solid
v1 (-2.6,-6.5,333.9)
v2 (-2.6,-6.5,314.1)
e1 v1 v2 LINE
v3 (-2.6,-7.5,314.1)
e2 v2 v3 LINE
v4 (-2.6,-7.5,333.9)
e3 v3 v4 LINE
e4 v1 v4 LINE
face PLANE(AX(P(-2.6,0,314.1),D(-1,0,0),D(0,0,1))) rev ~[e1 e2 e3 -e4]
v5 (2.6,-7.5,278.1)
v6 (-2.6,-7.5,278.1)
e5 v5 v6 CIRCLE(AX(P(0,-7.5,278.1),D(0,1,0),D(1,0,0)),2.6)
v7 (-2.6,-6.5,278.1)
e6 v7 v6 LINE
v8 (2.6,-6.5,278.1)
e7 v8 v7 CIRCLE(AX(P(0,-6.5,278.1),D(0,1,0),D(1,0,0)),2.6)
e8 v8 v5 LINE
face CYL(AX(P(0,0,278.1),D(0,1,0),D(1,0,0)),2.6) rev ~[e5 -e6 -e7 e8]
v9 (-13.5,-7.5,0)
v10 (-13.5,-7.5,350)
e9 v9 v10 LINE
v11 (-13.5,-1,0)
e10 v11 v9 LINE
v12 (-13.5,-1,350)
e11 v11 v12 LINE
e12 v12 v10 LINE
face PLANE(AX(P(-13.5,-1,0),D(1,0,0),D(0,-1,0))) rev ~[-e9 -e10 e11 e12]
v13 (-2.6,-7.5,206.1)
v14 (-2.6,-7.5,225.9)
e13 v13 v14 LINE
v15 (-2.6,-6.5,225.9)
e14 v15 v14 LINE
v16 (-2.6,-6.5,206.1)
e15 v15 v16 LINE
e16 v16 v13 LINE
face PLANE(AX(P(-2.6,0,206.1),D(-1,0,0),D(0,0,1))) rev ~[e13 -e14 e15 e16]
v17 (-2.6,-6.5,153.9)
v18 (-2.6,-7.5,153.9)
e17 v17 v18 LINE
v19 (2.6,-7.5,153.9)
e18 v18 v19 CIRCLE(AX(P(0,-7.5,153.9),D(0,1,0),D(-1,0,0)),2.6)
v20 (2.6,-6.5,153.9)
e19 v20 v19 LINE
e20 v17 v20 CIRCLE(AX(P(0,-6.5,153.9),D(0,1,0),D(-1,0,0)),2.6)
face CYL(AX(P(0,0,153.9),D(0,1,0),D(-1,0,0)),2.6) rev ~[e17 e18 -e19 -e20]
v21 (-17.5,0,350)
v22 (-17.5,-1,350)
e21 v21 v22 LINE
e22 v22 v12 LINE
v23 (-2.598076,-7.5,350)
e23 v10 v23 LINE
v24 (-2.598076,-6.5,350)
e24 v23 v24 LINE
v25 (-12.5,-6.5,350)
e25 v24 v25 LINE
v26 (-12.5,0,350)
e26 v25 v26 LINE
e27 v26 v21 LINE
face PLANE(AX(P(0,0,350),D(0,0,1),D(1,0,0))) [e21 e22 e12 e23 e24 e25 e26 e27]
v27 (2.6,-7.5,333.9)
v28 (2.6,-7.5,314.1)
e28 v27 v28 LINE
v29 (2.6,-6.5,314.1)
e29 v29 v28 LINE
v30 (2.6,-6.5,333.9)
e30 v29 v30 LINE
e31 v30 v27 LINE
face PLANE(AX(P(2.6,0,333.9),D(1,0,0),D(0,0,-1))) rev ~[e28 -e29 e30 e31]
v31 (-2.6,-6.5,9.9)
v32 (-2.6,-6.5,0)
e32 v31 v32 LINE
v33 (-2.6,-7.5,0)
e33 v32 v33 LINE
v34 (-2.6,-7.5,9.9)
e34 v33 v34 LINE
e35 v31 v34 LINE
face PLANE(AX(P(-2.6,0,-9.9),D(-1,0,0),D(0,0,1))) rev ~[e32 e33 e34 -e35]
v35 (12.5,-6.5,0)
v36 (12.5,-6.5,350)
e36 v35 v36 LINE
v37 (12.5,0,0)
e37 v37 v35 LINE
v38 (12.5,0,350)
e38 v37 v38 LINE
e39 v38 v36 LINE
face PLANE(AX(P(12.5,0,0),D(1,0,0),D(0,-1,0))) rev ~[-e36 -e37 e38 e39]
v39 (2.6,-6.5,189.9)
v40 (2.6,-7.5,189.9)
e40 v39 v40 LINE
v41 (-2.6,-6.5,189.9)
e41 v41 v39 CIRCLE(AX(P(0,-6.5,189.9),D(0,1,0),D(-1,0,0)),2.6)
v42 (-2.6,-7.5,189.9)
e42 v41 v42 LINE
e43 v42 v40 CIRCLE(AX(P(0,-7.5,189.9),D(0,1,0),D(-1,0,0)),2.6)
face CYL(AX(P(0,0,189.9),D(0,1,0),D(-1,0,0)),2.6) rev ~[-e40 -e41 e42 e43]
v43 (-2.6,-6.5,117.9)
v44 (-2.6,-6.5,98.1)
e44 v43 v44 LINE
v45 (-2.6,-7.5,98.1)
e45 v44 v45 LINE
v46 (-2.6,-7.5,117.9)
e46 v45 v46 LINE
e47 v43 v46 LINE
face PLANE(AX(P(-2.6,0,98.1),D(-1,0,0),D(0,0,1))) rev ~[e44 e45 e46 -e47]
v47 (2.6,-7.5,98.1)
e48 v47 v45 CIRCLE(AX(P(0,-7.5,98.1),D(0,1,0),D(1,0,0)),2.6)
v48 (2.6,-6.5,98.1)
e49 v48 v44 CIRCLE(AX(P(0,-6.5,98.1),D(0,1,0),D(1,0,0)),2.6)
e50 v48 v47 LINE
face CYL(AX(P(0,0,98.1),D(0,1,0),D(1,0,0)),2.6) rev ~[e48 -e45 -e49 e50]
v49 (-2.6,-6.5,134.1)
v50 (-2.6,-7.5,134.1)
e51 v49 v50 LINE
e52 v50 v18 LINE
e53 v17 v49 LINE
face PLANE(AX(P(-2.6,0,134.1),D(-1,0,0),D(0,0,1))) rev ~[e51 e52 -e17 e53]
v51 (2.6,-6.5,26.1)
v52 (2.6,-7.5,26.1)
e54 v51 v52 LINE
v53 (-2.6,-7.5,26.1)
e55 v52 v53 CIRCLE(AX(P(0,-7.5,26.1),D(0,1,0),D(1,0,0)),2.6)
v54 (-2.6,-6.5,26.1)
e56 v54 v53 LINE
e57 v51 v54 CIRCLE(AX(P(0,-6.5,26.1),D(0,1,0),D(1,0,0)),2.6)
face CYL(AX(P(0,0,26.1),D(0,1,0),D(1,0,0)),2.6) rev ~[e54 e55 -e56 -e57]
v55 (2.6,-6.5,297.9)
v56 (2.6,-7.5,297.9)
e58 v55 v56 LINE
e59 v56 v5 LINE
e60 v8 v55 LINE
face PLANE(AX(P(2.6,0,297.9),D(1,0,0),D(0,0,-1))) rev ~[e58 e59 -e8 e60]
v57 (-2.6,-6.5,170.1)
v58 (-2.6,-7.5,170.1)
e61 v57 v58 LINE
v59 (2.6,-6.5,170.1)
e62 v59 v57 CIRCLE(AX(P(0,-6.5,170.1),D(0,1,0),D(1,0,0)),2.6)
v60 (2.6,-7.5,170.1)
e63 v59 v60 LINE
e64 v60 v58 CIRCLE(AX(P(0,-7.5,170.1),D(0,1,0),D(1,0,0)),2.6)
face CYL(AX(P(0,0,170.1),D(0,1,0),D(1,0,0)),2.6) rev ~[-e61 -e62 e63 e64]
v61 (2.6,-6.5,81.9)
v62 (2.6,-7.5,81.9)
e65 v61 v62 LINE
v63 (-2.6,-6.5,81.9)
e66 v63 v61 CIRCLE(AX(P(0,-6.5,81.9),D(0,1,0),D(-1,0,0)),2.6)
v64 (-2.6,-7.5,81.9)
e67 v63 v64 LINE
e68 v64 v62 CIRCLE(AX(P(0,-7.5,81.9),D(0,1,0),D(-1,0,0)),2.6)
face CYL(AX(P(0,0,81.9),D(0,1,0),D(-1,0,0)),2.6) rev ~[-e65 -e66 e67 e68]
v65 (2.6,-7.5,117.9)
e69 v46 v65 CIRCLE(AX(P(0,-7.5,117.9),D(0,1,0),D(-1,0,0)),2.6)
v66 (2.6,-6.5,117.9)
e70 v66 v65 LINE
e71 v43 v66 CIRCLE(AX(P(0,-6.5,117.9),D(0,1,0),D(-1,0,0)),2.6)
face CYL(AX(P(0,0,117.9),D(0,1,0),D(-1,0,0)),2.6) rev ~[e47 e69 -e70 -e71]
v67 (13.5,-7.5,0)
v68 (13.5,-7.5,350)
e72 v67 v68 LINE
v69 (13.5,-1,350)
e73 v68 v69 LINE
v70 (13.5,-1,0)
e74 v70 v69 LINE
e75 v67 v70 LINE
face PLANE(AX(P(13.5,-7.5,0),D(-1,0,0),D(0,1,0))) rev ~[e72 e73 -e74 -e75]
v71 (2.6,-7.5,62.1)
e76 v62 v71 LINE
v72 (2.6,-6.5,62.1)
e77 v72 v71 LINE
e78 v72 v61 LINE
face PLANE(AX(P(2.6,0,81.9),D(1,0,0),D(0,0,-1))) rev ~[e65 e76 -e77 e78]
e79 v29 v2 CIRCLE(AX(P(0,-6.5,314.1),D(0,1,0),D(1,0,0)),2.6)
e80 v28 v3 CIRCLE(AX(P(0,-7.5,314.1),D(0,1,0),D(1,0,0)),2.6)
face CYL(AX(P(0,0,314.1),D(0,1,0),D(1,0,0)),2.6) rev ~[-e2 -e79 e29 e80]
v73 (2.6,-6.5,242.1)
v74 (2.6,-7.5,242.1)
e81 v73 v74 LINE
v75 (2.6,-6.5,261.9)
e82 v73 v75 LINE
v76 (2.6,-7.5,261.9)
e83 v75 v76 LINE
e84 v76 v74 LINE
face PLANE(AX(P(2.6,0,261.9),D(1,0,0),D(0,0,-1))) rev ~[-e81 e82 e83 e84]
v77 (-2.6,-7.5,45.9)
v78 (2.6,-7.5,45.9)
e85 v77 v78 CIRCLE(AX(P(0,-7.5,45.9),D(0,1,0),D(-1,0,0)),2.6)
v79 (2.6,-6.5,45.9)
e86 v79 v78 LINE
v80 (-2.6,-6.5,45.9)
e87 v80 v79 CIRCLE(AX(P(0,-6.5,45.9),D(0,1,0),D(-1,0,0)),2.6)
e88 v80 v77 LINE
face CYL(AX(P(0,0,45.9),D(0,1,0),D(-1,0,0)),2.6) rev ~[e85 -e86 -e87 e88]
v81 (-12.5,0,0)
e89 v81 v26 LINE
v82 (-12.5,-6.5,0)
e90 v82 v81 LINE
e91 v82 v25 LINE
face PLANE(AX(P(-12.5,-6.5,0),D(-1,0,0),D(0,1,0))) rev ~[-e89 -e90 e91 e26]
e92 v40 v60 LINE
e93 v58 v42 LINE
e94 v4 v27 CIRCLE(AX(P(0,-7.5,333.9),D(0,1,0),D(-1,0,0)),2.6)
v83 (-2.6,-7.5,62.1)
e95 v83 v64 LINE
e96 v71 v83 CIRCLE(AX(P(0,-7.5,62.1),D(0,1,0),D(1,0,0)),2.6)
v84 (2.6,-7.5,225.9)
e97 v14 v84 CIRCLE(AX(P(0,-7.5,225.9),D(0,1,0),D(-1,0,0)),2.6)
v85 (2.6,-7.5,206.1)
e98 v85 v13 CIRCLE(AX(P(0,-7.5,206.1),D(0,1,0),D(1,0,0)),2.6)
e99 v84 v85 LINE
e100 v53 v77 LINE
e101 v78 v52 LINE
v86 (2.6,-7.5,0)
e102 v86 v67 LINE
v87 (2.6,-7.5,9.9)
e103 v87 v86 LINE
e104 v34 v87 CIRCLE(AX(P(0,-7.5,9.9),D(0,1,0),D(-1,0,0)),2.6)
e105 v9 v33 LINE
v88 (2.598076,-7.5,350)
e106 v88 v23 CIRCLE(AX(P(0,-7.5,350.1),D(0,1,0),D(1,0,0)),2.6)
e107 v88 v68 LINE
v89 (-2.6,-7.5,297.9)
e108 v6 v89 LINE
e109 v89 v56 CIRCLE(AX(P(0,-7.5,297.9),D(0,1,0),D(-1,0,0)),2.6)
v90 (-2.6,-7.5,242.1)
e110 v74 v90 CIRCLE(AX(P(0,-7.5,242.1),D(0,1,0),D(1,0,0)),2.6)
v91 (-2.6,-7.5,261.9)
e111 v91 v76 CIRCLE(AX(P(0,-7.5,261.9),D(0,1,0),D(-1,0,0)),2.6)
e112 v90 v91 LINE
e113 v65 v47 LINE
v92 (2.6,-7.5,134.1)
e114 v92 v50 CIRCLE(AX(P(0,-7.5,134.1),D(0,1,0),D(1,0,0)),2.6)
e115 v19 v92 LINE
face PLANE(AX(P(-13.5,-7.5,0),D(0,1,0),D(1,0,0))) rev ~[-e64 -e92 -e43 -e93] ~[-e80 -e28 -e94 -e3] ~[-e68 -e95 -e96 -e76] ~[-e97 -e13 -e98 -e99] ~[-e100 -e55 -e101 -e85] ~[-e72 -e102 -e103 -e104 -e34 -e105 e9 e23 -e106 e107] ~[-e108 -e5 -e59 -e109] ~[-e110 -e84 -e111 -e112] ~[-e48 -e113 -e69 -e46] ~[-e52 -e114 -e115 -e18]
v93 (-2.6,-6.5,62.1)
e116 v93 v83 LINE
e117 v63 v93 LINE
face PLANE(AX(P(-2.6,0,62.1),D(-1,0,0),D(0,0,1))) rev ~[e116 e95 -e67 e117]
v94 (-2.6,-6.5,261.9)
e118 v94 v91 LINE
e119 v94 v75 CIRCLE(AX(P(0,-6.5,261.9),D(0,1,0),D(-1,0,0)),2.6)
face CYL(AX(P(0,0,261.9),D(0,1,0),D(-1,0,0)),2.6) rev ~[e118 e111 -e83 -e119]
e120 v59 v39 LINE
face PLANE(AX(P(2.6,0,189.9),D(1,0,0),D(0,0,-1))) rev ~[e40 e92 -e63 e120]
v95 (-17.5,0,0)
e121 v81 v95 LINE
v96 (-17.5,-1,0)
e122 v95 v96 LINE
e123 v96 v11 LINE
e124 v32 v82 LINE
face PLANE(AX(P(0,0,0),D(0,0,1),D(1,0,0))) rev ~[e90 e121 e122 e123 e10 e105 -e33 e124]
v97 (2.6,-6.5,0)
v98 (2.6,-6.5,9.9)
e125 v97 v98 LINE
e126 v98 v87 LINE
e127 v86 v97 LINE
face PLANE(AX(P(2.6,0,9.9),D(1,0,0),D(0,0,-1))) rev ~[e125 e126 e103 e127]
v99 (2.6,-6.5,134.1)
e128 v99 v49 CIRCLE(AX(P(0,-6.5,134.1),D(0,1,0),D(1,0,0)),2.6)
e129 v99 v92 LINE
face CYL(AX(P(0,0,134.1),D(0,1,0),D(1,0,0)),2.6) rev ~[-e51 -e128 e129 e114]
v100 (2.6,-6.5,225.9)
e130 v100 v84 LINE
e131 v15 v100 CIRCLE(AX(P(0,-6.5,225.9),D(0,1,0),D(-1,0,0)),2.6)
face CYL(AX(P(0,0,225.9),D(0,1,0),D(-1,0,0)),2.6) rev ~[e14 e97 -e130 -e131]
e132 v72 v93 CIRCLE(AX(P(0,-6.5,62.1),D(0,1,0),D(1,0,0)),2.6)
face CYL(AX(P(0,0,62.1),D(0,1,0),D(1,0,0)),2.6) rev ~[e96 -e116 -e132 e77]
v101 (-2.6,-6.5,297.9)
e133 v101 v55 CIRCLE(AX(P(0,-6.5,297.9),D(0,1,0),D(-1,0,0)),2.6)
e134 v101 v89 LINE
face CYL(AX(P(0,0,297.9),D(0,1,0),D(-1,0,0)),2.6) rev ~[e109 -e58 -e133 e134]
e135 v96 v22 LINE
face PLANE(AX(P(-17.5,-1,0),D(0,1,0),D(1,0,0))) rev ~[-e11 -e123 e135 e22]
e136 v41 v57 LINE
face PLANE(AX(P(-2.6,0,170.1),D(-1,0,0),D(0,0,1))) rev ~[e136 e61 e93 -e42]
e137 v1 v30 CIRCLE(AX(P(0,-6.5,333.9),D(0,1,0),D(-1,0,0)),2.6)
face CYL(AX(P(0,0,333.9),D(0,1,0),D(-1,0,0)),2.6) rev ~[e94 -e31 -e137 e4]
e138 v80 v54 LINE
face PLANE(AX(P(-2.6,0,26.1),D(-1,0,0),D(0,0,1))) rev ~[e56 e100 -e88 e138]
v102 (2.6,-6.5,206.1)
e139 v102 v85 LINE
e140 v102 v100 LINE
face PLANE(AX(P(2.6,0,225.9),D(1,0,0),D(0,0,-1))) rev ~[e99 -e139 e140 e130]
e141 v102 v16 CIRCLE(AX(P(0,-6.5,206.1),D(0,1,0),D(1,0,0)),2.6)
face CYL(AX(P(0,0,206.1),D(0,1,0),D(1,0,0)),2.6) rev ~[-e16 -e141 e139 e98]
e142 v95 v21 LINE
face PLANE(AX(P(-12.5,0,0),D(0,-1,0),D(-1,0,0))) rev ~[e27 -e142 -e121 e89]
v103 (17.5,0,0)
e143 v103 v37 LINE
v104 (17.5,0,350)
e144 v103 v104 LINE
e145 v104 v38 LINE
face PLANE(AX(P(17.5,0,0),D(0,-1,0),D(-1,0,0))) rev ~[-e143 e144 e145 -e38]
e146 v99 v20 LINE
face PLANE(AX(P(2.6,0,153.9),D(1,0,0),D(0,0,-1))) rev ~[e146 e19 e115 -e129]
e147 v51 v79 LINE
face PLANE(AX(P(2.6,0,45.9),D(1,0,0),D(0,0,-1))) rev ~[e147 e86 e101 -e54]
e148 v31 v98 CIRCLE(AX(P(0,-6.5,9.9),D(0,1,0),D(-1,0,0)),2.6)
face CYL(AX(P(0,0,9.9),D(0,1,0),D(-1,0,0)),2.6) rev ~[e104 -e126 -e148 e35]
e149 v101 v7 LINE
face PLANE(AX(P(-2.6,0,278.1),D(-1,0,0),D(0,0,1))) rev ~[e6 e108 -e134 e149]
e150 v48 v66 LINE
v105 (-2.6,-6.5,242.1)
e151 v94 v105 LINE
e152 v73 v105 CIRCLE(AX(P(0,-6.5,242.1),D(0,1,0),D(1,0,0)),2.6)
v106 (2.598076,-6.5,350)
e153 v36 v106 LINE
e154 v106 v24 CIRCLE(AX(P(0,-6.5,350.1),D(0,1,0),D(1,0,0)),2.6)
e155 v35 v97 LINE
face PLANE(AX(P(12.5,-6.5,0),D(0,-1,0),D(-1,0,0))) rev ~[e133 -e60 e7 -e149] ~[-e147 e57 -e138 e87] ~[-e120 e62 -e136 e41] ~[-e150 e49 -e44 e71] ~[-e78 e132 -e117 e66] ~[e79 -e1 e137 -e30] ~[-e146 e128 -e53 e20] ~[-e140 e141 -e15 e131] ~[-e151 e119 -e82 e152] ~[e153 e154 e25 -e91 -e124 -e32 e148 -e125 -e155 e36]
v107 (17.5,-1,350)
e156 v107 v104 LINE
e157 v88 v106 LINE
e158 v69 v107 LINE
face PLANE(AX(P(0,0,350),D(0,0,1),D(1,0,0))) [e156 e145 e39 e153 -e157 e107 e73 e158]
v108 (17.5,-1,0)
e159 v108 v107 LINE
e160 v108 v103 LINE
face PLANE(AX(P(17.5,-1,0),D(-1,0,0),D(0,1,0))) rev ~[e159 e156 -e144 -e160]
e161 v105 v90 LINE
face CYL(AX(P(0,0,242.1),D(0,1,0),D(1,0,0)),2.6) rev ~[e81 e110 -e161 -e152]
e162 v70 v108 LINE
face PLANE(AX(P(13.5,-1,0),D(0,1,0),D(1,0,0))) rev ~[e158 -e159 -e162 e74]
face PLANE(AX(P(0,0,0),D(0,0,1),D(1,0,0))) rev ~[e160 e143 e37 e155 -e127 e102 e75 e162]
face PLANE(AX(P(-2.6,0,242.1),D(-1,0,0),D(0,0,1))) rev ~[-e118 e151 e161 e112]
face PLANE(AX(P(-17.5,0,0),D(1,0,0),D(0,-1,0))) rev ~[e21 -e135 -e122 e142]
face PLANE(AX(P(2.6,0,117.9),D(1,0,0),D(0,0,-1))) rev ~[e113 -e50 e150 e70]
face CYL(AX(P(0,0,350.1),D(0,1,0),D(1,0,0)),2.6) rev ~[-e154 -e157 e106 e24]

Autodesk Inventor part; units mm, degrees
ref_plane "YZ Plane" through (0, 0, 0) normal (1, 0, 0) x (0, 1, 0)
ref_plane "XZ Plane" through (0, 0, 0) normal (0, 1, 0) x (-1, 0, 0)
ref_plane "XY Plane" through (0, 0, 0) normal (0, 0, 1) x (1, 0, 0)
sketch "Skizze_1" plane through (0, 0, 0) normal (0, 0, 1) x (1, 0, 0)
  line L0 (-17.5, 0) -> (-17.5, -1)
  line L1 (-17.5, -1) -> (-13.5, -1)
  line L2 (-13.5, -1) -> (-13.5, -7.5)
  line L3 (-13.5, -7.5) -> (13.5, -7.5)
  line L4 (13.5, -7.5) -> (13.5, -1)
  line L5 (13.5, -1) -> (17.5, -1)
  line L6 (17.5, -1) -> (17.5, 0)
  line L7 (17.5, 0) -> (12.5, 0)
  line L8 (12.5, 0) -> (12.5, -6.5)
  line L9 (12.5, -6.5) -> (-12.5, -6.5)
  line L10 (-12.5, -6.5) -> (-12.5, 0)
  line L11 (-12.5, 0) -> (-17.5, 0)
extrude "Extrusion1" add sketch "Skizze_1" along normal blind 350
sketch "sketch_roundrect_1" plane through (0, 0, 0) normal (0, 1, 0) x (-1, 0, 0)
  arc A0 (2.6, 9.9) -> (-2.6, 9.9) centre (0, 9.9) ccw
  line L0 (-2.6, 9.9) -> (-2.6, -9.9)
  arc A1 (-2.6, -9.9) -> (2.6, -9.9) centre (0, -9.9) ccw
  line L1 (2.6, -9.9) -> (2.6, 9.9)
extrude "Extrusion2" cut sketch "sketch_roundrect_1" against normal blind 50
sketch "sketch_roundrect_2" plane through (0, 0, 0) normal (0, 1, 0) x (-1, 0, 0)
  arc A0 (2.6, 45.9) -> (-2.6, 45.9) centre (0, 45.9) ccw
  line L0 (-2.6, 45.9) -> (-2.6, 26.1)
  arc A1 (-2.6, 26.1) -> (2.6, 26.1) centre (0, 26.1) ccw
  line L1 (2.6, 26.1) -> (2.6, 45.9)
extrude "Extrusion3" cut sketch "sketch_roundrect_2" against normal blind 50
sketch "sketch_roundrect_3" plane through (0, 0, 0) normal (0, 1, 0) x (-1, 0, 0)
  arc A0 (2.6, 81.9) -> (-2.6, 81.9) centre (0, 81.9) ccw
  line L0 (-2.6, 81.9) -> (-2.6, 62.1)
  arc A1 (-2.6, 62.1) -> (2.6, 62.1) centre (0, 62.1) ccw
  line L1 (2.6, 62.1) -> (2.6, 81.9)
extrude "Extrusion4" cut sketch "sketch_roundrect_3" against normal blind 50
sketch "sketch_roundrect_4" plane through (0, 0, 0) normal (0, 1, 0) x (-1, 0, 0)
  arc A0 (2.6, 117.9) -> (-2.6, 117.9) centre (0, 117.9) ccw
  line L0 (-2.6, 117.9) -> (-2.6, 98.1)
  arc A1 (-2.6, 98.1) -> (2.6, 98.1) centre (0, 98.1) ccw
  line L1 (2.6, 98.1) -> (2.6, 117.9)
extrude "Extrusion5" cut sketch "sketch_roundrect_4" against normal blind 50
sketch "sketch_roundrect_5" plane through (0, 0, 0) normal (0, 1, 0) x (-1, 0, 0)
  arc A0 (2.6, 153.9) -> (-2.6, 153.9) centre (0, 153.9) ccw
  line L0 (-2.6, 153.9) -> (-2.6, 134.1)
  arc A1 (-2.6, 134.1) -> (2.6, 134.1) centre (0, 134.1) ccw
  line L1 (2.6, 134.1) -> (2.6, 153.9)
extrude "Extrusion6" cut sketch "sketch_roundrect_5" against normal blind 50
sketch "sketch_roundrect_6" plane through (0, 0, 0) normal (0, 1, 0) x (-1, 0, 0)
  arc A0 (2.6, 189.9) -> (-2.6, 189.9) centre (0, 189.9) ccw
  line L0 (-2.6, 189.9) -> (-2.6, 170.1)
  arc A1 (-2.6, 170.1) -> (2.6, 170.1) centre (0, 170.1) ccw
  line L1 (2.6, 170.1) -> (2.6, 189.9)
extrude "Extrusion7" cut sketch "sketch_roundrect_6" against normal blind 50
sketch "sketch_roundrect_7" plane through (0, 0, 0) normal (0, 1, 0) x (-1, 0, 0)
  arc A0 (2.6, 225.9) -> (-2.6, 225.9) centre (0, 225.9) ccw
  line L0 (-2.6, 225.9) -> (-2.6, 206.1)
  arc A1 (-2.6, 206.1) -> (2.6, 206.1) centre (0, 206.1) ccw
  line L1 (2.6, 206.1) -> (2.6, 225.9)
extrude "Extrusion8" cut sketch "sketch_roundrect_7" against normal blind 50
sketch "sketch_roundrect_8" plane through (0, 0, 0) normal (0, 1, 0) x (-1, 0, 0)
  arc A0 (2.6, 261.9) -> (-2.6, 261.9) centre (0, 261.9) ccw
  line L0 (-2.6, 261.9) -> (-2.6, 242.1)
  arc A1 (-2.6, 242.1) -> (2.6, 242.1) centre (0, 242.1) ccw
  line L1 (2.6, 242.1) -> (2.6, 261.9)
extrude "Extrusion9" cut sketch "sketch_roundrect_8" against normal blind 50
sketch "sketch_roundrect_9" plane through (0, 0, 0) normal (0, 1, 0) x (-1, 0, 0)
  arc A0 (2.6, 297.9) -> (-2.6, 297.9) centre (0, 297.9) ccw
  line L0 (-2.6, 297.9) -> (-2.6, 278.1)
  arc A1 (-2.6, 278.1) -> (2.6, 278.1) centre (0, 278.1) ccw
  line L1 (2.6, 278.1) -> (2.6, 297.9)
extrude "Extrusion10" cut sketch "sketch_roundrect_9" against normal blind 50
sketch "sketch_roundrect_10" plane through (0, 0, 0) normal (0, 1, 0) x (-1, 0, 0)
  arc A0 (2.6, 333.9) -> (-2.6, 333.9) centre (0, 333.9) ccw
  line L0 (-2.6, 333.9) -> (-2.6, 314.1)
  arc A1 (-2.6, 314.1) -> (2.6, 314.1) centre (0, 314.1) ccw
  line L1 (2.6, 314.1) -> (2.6, 333.9)
extrude "Extrusion11" cut sketch "sketch_roundrect_10" against normal blind 50
sketch "sketch_roundrect_11" plane through (0, 0, 0) normal (0, 1, 0) x (-1, 0, 0)
  arc A0 (2.6, 369.9) -> (-2.6, 369.9) centre (0, 369.9) ccw
  line L0 (-2.6, 369.9) -> (-2.6, 350.1)
  arc A1 (-2.6, 350.1) -> (2.6, 350.1) centre (0, 350.1) ccw
  line L1 (2.6, 350.1) -> (2.6, 369.9)
extrude "Extrusion12" cut sketch "sketch_roundrect_11" against normal blind 50
properties part number "WAGO_210-112350"
